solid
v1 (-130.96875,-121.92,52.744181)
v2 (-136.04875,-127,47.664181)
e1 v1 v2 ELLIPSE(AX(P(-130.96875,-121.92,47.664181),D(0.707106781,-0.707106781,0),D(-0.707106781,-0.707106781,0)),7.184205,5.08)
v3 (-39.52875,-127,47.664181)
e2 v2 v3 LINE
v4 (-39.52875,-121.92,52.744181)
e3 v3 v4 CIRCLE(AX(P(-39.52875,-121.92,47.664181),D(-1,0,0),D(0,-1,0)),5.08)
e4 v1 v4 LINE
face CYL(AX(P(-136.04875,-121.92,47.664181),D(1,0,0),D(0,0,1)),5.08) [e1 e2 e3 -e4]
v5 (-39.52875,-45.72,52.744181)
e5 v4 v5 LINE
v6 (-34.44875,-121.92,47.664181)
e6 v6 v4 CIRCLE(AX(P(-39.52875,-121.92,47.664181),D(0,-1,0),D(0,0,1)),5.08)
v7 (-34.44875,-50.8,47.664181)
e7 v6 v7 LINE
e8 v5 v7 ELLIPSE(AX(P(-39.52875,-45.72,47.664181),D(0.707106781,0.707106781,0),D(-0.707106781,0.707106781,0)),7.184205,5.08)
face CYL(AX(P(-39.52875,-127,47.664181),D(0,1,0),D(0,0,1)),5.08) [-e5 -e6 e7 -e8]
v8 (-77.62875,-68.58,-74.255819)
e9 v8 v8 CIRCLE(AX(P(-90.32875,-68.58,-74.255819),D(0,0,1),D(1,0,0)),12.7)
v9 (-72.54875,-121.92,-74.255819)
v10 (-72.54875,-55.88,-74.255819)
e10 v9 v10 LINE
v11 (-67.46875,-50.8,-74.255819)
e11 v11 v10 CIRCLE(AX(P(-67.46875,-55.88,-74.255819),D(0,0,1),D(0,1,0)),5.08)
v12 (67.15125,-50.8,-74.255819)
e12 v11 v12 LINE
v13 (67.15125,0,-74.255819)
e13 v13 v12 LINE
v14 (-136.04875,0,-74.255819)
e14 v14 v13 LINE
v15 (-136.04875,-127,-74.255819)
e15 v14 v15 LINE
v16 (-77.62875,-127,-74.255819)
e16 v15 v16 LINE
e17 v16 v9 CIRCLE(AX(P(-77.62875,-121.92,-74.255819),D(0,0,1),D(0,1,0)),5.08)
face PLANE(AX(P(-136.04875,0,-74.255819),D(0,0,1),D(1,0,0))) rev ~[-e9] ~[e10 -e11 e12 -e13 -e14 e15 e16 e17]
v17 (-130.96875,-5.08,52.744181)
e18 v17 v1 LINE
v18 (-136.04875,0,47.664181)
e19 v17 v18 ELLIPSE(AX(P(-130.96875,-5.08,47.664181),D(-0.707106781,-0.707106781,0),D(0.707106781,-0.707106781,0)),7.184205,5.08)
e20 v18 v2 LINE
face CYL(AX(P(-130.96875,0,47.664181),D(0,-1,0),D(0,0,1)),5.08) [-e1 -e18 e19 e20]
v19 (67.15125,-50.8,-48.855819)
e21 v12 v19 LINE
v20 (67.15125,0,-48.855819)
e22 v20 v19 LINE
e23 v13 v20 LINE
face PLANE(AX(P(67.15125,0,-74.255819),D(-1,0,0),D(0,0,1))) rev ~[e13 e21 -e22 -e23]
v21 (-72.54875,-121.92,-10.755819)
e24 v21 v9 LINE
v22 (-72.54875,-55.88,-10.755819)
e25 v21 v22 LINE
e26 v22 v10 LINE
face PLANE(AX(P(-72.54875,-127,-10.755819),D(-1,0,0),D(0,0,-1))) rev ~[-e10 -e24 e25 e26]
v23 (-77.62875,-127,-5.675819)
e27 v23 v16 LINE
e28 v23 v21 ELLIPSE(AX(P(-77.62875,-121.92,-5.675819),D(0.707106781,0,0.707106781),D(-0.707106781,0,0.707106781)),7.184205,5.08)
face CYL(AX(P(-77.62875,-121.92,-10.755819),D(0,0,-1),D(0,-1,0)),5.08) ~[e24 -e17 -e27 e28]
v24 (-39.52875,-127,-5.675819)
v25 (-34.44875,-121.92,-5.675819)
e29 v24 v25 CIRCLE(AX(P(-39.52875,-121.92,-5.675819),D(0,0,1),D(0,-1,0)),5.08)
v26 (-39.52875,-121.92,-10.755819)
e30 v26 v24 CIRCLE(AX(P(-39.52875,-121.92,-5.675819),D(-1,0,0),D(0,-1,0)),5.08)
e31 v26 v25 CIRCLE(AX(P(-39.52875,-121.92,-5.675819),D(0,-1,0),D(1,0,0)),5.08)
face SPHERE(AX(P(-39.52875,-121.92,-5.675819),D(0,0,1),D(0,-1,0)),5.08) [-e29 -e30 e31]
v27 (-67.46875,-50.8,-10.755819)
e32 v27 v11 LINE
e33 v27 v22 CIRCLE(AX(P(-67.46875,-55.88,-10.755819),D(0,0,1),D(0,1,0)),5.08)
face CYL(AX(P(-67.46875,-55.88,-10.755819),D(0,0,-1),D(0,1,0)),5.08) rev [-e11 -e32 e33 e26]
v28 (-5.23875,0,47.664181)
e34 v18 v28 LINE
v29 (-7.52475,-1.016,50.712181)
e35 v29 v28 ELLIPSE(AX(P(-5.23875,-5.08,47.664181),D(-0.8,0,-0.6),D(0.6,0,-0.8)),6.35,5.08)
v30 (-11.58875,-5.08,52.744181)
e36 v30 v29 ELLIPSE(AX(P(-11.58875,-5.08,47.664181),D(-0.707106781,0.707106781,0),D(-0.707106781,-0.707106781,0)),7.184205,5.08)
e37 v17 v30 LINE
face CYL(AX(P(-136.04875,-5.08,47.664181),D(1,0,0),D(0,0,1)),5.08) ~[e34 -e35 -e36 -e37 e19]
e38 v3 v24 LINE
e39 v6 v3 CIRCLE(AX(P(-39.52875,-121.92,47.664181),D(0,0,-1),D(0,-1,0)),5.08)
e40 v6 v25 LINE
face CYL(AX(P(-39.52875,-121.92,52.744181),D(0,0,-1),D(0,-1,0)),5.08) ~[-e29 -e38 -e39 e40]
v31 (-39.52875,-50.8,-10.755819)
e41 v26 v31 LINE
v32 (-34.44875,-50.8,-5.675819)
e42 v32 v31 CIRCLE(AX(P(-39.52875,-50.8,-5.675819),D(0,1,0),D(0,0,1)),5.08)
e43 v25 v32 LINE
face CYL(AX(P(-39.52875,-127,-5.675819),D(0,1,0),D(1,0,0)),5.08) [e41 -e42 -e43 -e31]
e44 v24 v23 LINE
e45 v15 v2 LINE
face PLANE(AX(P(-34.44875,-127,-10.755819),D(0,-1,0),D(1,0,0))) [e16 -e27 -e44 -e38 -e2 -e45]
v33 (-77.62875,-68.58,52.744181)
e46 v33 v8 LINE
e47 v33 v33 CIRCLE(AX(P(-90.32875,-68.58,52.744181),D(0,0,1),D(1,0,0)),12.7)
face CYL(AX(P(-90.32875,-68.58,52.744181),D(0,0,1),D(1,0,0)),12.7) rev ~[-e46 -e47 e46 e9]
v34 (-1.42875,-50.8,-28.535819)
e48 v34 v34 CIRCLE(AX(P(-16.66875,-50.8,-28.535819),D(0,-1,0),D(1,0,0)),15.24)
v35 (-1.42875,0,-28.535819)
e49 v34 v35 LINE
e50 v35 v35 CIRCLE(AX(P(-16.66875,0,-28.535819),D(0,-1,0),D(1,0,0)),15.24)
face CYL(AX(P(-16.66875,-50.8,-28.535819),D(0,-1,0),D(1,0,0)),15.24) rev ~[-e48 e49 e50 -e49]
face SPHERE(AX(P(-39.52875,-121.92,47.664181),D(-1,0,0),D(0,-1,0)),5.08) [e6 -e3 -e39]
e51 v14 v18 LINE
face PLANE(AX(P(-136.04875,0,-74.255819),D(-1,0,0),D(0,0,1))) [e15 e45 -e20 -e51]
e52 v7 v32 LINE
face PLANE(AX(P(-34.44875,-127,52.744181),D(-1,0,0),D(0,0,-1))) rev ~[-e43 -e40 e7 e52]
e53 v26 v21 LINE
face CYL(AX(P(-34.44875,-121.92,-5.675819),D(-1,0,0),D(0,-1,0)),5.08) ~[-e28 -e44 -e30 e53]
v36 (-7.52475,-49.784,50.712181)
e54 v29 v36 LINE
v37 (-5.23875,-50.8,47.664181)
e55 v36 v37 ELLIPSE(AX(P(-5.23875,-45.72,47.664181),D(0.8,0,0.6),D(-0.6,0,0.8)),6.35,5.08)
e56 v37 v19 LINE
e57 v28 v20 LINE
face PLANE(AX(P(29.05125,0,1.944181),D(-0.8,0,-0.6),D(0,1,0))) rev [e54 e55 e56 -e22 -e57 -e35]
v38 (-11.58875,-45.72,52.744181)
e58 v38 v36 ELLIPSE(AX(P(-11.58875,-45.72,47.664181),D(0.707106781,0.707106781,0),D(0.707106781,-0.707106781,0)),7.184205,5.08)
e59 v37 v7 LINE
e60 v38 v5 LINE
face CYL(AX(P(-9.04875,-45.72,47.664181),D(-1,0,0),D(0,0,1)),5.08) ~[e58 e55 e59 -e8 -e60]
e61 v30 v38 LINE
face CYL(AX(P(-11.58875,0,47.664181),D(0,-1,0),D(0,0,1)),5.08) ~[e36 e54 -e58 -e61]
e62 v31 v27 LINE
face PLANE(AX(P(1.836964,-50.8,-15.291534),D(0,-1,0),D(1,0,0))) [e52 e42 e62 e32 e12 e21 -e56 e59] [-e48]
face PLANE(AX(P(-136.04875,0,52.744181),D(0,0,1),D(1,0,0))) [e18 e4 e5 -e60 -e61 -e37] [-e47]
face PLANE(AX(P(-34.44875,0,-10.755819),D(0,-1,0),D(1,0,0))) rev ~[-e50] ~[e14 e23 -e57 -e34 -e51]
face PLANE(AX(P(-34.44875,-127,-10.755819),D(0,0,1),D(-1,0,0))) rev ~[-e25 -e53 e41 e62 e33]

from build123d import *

# Parameters (mm, degrees)
F0_W     = 203.2
F0_H     = 127
F1_DEPTH = 127
F3_DEPTH = 76.2
F4_SIZE2 = 101.6
F4_SIZE  = 76.2
F5_R     = 5.08
F6_R     = 15.24
F7_DEPTH = 50.8
F8_R     = 12.7
F9_DEPTH = 127


with BuildPart() as f1:
    # F0 (on Front) → F1 (new body)
    with BuildSketch(Plane.XZ):
        with Locations((-34.4487503171, -10.7558194239)):
            Rectangle(F0_W, F0_H)
    extrude(amount=F1_DEPTH)

    # F2 (on face) → F3 (cut)
    with BuildSketch(Plane.XZ.offset(127)):
        Polygon((67.1512496829, 52.7441805761), (-34.4487503171, 52.7441805761), (-34.4487503171, -10.7558194239), (-72.5487503171, -10.7558194239), (-72.5487503171, -74.2558194239), (67.1512496829, -74.2558194239), align=None)
    extrude(amount=-F3_DEPTH, mode=Mode.SUBTRACT)

    # F4
    f4_edges = [f1.edges().sort_by_distance(p)[0] for p in [
        (67.15125, -25.4, 52.744181),
    ]]
    f4_side = f1.faces().sort_by_distance((-56.220179, -52.614286, 52.744181))[0]
    chamfer(f4_edges, length=F4_SIZE, length2=F4_SIZE2, reference=f4_side)

    # F5
    f5_edges = [f1.edges().sort_by_distance(p)[0] for p in [
        (-136.04875, -63.5, 52.744181),
        (-85.24875, -127, 52.744181),
        (-34.44875, -127, 20.994181),
        (-53.49875, -127, -10.755819),
        (-72.54875, -127, -42.505819),
        (-72.54875, -50.8, -42.505819),
        (-34.44875, -88.9, -10.755819),
        (-34.44875, -88.9, 52.744181),
        (-21.74875, -50.8, 52.744181),
        (-72.54875, 0, 52.744181),
        (-9.04875, -25.4, 52.744181),
    ]]
    fillet(f5_edges, radius=F5_R)

    # F6 (on face) → F7 (cut, through all)
    with BuildSketch(Plane.XZ.offset(50.8)):
        with Locations((-16.6687503171, -28.5358194239)):
            Circle(F6_R)
    extrude(amount=-F7_DEPTH, mode=Mode.SUBTRACT)

    # F8 (on face) → F9 (cut, through all)
    with BuildSketch(Plane.XY.offset(52.7441805761)):
        with Locations((-90.3287503171, -68.58)):
            Circle(F8_R)
    extrude(amount=-F9_DEPTH, mode=Mode.SUBTRACT)


solid = f1.part
